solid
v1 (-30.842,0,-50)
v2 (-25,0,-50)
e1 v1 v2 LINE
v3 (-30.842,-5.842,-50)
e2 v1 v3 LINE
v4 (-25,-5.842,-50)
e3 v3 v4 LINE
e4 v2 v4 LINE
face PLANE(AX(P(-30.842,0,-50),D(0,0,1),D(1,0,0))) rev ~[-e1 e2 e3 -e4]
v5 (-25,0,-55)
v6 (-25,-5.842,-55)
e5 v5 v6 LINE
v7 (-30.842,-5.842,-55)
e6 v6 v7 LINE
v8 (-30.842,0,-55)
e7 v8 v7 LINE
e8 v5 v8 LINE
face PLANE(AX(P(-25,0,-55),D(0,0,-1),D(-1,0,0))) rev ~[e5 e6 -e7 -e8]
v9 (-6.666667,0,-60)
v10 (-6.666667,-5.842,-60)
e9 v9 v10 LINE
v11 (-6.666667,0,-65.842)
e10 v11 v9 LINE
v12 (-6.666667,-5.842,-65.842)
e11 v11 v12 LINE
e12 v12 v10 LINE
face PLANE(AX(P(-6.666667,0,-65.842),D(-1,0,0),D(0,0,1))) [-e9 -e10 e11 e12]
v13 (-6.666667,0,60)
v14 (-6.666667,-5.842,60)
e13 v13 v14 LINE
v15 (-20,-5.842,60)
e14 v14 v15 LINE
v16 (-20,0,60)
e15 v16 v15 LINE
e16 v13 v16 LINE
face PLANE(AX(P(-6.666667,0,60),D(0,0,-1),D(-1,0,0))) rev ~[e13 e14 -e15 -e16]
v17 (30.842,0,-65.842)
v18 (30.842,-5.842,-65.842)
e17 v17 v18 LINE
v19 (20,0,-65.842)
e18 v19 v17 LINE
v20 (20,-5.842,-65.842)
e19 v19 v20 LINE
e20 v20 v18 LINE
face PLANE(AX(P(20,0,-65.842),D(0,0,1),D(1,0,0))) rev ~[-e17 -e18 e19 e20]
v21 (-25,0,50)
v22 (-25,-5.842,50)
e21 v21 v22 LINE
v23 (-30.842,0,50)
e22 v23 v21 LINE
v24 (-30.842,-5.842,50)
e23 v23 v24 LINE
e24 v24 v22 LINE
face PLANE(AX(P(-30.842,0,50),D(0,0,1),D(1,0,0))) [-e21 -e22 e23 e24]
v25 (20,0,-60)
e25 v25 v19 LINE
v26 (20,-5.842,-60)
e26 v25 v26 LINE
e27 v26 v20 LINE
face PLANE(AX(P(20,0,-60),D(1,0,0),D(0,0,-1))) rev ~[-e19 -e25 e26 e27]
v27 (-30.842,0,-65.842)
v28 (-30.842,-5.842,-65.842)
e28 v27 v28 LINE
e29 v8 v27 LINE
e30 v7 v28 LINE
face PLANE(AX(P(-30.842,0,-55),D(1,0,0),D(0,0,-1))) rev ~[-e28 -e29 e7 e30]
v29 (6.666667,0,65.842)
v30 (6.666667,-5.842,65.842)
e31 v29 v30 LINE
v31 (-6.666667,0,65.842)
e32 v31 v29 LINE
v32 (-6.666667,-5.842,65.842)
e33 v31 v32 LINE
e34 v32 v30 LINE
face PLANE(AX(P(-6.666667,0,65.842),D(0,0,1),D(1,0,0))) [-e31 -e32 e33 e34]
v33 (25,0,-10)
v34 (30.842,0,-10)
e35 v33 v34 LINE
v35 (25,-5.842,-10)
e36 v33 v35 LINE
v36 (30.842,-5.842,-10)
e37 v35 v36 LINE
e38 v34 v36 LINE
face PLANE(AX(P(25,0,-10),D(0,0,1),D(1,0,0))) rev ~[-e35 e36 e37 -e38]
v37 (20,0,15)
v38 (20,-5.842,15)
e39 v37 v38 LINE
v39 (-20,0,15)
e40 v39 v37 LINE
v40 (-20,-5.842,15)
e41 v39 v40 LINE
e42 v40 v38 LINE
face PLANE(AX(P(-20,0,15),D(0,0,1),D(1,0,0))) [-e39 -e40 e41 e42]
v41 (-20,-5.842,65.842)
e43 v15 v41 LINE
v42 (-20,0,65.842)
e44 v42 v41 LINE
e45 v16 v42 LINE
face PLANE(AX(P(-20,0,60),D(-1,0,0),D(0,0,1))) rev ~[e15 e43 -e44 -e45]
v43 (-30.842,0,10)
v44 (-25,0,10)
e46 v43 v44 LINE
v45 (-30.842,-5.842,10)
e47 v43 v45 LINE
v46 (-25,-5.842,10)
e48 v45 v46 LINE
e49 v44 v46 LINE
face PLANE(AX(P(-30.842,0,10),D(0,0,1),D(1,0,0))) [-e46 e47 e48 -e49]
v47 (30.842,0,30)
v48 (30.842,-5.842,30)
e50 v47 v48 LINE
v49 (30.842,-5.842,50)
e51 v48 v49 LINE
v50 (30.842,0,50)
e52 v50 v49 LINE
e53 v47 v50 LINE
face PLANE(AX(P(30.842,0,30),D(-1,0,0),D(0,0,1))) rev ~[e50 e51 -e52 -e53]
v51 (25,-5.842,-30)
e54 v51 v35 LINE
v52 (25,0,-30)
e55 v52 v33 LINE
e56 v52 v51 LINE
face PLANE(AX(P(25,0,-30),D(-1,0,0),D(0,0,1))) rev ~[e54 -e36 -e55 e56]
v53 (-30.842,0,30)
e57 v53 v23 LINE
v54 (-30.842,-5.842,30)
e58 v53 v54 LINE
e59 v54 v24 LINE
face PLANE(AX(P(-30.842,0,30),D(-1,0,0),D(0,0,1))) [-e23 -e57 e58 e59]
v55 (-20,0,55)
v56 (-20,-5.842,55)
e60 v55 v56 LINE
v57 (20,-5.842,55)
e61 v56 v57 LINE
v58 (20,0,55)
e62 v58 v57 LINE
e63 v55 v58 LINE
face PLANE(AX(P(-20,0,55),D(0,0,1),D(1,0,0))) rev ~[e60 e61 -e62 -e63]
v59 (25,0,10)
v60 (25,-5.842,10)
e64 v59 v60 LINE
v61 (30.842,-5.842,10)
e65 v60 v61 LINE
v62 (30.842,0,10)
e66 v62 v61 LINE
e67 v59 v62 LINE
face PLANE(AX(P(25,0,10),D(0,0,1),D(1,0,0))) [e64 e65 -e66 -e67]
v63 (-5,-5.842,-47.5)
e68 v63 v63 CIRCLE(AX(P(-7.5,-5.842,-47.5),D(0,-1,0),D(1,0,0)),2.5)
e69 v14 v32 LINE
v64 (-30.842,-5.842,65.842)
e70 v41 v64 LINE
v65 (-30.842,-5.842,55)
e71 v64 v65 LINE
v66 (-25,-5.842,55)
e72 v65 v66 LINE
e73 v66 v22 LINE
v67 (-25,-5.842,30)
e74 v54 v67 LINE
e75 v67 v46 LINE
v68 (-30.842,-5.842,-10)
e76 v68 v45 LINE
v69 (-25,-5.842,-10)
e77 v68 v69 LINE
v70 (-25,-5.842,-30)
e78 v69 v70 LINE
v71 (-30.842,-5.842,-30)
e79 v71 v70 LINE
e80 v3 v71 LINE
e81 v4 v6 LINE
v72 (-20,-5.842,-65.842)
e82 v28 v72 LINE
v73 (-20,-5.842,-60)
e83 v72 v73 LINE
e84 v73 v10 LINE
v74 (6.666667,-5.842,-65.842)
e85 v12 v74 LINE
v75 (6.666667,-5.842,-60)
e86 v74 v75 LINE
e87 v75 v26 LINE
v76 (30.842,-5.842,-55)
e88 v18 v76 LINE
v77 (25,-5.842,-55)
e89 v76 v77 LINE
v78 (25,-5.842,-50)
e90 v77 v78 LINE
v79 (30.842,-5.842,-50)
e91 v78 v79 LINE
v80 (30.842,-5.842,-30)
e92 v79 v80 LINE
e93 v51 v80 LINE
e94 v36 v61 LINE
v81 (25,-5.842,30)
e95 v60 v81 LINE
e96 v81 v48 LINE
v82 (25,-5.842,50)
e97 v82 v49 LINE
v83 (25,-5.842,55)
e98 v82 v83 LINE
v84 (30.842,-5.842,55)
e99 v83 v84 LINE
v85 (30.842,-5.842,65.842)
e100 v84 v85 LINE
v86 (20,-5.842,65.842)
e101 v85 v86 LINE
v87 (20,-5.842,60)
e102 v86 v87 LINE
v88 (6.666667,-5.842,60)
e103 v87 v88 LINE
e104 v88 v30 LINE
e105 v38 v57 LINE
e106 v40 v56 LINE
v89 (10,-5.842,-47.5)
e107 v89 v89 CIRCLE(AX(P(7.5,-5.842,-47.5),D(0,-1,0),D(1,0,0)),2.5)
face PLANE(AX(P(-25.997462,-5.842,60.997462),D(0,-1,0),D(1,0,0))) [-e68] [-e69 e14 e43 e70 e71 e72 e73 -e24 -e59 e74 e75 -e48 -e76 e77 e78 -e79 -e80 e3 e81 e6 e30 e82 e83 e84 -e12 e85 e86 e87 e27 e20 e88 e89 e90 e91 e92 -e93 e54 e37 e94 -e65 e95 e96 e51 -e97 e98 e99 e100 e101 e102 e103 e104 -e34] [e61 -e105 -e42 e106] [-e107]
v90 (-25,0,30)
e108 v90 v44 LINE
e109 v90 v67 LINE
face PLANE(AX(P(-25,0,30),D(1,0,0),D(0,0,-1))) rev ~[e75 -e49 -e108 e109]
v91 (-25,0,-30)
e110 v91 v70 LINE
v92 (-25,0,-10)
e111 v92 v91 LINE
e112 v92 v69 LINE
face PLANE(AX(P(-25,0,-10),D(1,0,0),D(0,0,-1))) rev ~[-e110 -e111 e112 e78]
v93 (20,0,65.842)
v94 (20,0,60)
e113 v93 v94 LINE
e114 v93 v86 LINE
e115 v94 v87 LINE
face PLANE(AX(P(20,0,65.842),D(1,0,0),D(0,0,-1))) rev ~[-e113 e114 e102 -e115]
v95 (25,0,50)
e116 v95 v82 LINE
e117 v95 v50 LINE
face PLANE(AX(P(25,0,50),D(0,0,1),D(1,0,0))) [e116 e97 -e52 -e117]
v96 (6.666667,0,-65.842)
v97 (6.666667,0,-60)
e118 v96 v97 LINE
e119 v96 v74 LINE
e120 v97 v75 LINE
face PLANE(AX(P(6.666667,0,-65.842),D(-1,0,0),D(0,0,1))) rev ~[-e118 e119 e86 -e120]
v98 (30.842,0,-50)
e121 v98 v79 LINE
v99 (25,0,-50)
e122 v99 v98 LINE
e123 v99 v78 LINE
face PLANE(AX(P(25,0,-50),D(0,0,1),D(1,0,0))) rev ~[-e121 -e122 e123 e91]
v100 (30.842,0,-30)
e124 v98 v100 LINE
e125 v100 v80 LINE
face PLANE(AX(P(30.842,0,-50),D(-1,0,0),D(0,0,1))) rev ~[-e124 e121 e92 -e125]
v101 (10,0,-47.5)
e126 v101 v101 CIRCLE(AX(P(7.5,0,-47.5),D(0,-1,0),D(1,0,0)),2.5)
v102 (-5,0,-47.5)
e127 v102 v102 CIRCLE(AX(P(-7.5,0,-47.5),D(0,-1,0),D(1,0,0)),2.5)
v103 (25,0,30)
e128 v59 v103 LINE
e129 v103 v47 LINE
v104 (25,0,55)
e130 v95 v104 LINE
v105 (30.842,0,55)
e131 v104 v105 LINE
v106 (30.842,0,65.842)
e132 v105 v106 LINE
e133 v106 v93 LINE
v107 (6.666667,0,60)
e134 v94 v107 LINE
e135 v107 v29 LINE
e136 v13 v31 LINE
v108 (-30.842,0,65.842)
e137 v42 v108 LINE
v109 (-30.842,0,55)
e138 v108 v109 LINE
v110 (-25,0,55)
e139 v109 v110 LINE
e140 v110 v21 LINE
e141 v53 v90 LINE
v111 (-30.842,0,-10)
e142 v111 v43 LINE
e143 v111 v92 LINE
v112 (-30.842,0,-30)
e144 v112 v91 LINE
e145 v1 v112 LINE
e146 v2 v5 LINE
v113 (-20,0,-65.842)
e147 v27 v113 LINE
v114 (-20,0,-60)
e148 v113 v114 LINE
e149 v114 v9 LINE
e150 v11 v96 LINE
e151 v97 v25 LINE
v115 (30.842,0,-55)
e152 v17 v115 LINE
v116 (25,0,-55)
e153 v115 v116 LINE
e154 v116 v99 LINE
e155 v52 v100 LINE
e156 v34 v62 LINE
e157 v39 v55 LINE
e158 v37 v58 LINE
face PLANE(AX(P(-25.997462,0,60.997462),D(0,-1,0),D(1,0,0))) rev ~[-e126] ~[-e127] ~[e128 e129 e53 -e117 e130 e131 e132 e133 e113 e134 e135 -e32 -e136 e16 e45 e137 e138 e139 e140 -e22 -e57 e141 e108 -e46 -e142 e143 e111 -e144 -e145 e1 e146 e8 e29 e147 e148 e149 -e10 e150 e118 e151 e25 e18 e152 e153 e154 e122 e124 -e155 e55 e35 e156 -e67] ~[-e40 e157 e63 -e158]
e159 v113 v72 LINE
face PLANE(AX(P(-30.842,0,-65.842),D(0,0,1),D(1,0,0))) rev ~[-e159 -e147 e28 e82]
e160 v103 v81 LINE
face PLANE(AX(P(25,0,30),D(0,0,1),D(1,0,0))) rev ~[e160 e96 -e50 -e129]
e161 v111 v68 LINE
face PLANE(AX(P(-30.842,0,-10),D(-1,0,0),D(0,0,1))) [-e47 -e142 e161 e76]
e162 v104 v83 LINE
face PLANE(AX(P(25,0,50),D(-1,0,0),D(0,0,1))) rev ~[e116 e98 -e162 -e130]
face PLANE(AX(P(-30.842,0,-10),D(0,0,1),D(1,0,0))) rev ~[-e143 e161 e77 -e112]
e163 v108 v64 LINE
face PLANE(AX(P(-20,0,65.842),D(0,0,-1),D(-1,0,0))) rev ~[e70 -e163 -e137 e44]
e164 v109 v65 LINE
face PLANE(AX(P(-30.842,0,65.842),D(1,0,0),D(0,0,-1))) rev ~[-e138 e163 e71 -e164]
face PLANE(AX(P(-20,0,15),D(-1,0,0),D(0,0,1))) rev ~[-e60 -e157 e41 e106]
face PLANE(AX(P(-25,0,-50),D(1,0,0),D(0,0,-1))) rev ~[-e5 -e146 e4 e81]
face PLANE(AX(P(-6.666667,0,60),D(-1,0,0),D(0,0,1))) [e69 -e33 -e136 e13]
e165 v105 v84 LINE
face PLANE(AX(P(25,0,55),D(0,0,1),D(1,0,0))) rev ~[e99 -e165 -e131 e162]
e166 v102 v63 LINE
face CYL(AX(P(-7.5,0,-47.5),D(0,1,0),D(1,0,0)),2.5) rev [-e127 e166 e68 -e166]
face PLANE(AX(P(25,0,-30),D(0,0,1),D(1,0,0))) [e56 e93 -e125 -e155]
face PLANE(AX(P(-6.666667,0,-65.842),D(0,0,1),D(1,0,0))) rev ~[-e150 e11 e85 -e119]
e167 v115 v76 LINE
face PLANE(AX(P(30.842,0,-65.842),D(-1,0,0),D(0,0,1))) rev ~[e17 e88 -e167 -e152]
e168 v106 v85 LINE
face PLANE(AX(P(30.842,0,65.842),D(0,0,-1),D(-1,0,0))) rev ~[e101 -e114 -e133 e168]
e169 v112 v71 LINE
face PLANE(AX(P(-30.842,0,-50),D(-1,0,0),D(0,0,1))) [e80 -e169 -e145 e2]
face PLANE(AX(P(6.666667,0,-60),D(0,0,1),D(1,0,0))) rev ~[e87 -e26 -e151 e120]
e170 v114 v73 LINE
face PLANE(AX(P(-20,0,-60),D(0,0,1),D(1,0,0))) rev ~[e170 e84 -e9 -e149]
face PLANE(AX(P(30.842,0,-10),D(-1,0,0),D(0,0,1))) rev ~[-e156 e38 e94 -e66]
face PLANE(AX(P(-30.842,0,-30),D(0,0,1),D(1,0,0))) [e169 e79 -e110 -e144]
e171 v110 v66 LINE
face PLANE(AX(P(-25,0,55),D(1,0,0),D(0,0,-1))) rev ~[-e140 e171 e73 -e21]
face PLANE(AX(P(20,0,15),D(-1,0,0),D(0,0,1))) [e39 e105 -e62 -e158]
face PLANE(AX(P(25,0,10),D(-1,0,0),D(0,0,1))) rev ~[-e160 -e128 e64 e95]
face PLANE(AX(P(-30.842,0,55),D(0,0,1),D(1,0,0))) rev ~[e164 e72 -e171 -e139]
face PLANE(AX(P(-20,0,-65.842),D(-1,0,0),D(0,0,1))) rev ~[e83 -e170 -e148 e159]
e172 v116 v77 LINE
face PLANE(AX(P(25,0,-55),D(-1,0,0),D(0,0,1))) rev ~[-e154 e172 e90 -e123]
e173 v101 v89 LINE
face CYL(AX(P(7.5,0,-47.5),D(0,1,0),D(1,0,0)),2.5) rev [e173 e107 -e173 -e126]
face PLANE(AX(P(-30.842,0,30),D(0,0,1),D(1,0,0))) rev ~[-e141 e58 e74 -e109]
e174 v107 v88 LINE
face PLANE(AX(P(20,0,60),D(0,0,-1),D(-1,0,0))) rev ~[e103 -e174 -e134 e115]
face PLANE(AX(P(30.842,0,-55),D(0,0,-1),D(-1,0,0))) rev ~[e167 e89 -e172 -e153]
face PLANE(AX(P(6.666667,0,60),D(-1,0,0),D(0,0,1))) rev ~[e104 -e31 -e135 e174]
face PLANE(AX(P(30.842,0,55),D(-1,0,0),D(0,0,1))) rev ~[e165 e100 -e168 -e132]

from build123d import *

# Parameters (mm, degrees)
F0_R     = 2.5
F0_W     = 40
F0_H     = 40
F0_W_2   = 13.333334
F0_H_2   = 5.842
F0_W_3   = 5.842
F0_H_3   = 20
F1_DEPTH = 5.842


with BuildPart() as f1:
    # F0 (on Front) → F1 (new body)
    with BuildSketch(Plane.XZ):
        Polygon((-25, 55), (-25, 60), (-20, 60), (-20, 65.842), (-30.842, 65.842), (-30.842, 55), align=None)
        Polygon((-20, 60), (-25, 60), (-25, 55), (-25, 50), (-25, 30), (-25, 10), (-25, -10), (-25, -30), (-25, -50), (-25, -55), (-25, -60), (-20, -60), (-6.666667, -60), (6.666667, -60), (20, -60), (25, -60), (25, -55), (25, -50), (25, -30), (25, -10), (25, 10), (25, 30), (25, 50), (25, 55), (25, 60), (20, 60), (6.666667, 60), (-6.666667, 60), align=None)
        with Locations((-7.5, -47.5)):
            Circle(F0_R, mode=Mode.SUBTRACT)
        with Locations((7.5, -47.5)):
            Circle(F0_R, mode=Mode.SUBTRACT)
        with Locations((0, 35)):
            Rectangle(F0_W, F0_H, mode=Mode.SUBTRACT)
        with Locations((0, 62.921)):
            Rectangle(F0_W_2, F0_H_2)
        with Locations((-27.921, 40)):
            Rectangle(F0_W_3, F0_H_3)
        Polygon((20, 65.842), (20, 60), (25, 60), (25, 55), (30.842, 55), (30.842, 65.842), align=None)
        with Locations((-27.921, 0)):
            Rectangle(F0_W_3, F0_H_3)
        with Locations((-27.921, -40)):
            Rectangle(F0_W_3, F0_H_3)
        with Locations((27.921, 40)):
            Rectangle(F0_W_3, F0_H_3)
        Polygon((-25, -60), (-25, -55), (-30.842, -55), (-30.842, -65.842), (-20, -65.842), (-20, -60), align=None)
        with Locations((27.921, 0)):
            Rectangle(F0_W_3, F0_H_3)
        with Locations((27.921, -40)):
            Rectangle(F0_W_3, F0_H_3)
        with Locations((0, -62.921)):
            Rectangle(F0_W_2, F0_H_2)
        Polygon((30.842, -55), (25, -55), (25, -60), (20, -60), (20, -65.842), (30.842, -65.842), align=None)
    extrude(amount=F1_DEPTH)


solid = f1.part
